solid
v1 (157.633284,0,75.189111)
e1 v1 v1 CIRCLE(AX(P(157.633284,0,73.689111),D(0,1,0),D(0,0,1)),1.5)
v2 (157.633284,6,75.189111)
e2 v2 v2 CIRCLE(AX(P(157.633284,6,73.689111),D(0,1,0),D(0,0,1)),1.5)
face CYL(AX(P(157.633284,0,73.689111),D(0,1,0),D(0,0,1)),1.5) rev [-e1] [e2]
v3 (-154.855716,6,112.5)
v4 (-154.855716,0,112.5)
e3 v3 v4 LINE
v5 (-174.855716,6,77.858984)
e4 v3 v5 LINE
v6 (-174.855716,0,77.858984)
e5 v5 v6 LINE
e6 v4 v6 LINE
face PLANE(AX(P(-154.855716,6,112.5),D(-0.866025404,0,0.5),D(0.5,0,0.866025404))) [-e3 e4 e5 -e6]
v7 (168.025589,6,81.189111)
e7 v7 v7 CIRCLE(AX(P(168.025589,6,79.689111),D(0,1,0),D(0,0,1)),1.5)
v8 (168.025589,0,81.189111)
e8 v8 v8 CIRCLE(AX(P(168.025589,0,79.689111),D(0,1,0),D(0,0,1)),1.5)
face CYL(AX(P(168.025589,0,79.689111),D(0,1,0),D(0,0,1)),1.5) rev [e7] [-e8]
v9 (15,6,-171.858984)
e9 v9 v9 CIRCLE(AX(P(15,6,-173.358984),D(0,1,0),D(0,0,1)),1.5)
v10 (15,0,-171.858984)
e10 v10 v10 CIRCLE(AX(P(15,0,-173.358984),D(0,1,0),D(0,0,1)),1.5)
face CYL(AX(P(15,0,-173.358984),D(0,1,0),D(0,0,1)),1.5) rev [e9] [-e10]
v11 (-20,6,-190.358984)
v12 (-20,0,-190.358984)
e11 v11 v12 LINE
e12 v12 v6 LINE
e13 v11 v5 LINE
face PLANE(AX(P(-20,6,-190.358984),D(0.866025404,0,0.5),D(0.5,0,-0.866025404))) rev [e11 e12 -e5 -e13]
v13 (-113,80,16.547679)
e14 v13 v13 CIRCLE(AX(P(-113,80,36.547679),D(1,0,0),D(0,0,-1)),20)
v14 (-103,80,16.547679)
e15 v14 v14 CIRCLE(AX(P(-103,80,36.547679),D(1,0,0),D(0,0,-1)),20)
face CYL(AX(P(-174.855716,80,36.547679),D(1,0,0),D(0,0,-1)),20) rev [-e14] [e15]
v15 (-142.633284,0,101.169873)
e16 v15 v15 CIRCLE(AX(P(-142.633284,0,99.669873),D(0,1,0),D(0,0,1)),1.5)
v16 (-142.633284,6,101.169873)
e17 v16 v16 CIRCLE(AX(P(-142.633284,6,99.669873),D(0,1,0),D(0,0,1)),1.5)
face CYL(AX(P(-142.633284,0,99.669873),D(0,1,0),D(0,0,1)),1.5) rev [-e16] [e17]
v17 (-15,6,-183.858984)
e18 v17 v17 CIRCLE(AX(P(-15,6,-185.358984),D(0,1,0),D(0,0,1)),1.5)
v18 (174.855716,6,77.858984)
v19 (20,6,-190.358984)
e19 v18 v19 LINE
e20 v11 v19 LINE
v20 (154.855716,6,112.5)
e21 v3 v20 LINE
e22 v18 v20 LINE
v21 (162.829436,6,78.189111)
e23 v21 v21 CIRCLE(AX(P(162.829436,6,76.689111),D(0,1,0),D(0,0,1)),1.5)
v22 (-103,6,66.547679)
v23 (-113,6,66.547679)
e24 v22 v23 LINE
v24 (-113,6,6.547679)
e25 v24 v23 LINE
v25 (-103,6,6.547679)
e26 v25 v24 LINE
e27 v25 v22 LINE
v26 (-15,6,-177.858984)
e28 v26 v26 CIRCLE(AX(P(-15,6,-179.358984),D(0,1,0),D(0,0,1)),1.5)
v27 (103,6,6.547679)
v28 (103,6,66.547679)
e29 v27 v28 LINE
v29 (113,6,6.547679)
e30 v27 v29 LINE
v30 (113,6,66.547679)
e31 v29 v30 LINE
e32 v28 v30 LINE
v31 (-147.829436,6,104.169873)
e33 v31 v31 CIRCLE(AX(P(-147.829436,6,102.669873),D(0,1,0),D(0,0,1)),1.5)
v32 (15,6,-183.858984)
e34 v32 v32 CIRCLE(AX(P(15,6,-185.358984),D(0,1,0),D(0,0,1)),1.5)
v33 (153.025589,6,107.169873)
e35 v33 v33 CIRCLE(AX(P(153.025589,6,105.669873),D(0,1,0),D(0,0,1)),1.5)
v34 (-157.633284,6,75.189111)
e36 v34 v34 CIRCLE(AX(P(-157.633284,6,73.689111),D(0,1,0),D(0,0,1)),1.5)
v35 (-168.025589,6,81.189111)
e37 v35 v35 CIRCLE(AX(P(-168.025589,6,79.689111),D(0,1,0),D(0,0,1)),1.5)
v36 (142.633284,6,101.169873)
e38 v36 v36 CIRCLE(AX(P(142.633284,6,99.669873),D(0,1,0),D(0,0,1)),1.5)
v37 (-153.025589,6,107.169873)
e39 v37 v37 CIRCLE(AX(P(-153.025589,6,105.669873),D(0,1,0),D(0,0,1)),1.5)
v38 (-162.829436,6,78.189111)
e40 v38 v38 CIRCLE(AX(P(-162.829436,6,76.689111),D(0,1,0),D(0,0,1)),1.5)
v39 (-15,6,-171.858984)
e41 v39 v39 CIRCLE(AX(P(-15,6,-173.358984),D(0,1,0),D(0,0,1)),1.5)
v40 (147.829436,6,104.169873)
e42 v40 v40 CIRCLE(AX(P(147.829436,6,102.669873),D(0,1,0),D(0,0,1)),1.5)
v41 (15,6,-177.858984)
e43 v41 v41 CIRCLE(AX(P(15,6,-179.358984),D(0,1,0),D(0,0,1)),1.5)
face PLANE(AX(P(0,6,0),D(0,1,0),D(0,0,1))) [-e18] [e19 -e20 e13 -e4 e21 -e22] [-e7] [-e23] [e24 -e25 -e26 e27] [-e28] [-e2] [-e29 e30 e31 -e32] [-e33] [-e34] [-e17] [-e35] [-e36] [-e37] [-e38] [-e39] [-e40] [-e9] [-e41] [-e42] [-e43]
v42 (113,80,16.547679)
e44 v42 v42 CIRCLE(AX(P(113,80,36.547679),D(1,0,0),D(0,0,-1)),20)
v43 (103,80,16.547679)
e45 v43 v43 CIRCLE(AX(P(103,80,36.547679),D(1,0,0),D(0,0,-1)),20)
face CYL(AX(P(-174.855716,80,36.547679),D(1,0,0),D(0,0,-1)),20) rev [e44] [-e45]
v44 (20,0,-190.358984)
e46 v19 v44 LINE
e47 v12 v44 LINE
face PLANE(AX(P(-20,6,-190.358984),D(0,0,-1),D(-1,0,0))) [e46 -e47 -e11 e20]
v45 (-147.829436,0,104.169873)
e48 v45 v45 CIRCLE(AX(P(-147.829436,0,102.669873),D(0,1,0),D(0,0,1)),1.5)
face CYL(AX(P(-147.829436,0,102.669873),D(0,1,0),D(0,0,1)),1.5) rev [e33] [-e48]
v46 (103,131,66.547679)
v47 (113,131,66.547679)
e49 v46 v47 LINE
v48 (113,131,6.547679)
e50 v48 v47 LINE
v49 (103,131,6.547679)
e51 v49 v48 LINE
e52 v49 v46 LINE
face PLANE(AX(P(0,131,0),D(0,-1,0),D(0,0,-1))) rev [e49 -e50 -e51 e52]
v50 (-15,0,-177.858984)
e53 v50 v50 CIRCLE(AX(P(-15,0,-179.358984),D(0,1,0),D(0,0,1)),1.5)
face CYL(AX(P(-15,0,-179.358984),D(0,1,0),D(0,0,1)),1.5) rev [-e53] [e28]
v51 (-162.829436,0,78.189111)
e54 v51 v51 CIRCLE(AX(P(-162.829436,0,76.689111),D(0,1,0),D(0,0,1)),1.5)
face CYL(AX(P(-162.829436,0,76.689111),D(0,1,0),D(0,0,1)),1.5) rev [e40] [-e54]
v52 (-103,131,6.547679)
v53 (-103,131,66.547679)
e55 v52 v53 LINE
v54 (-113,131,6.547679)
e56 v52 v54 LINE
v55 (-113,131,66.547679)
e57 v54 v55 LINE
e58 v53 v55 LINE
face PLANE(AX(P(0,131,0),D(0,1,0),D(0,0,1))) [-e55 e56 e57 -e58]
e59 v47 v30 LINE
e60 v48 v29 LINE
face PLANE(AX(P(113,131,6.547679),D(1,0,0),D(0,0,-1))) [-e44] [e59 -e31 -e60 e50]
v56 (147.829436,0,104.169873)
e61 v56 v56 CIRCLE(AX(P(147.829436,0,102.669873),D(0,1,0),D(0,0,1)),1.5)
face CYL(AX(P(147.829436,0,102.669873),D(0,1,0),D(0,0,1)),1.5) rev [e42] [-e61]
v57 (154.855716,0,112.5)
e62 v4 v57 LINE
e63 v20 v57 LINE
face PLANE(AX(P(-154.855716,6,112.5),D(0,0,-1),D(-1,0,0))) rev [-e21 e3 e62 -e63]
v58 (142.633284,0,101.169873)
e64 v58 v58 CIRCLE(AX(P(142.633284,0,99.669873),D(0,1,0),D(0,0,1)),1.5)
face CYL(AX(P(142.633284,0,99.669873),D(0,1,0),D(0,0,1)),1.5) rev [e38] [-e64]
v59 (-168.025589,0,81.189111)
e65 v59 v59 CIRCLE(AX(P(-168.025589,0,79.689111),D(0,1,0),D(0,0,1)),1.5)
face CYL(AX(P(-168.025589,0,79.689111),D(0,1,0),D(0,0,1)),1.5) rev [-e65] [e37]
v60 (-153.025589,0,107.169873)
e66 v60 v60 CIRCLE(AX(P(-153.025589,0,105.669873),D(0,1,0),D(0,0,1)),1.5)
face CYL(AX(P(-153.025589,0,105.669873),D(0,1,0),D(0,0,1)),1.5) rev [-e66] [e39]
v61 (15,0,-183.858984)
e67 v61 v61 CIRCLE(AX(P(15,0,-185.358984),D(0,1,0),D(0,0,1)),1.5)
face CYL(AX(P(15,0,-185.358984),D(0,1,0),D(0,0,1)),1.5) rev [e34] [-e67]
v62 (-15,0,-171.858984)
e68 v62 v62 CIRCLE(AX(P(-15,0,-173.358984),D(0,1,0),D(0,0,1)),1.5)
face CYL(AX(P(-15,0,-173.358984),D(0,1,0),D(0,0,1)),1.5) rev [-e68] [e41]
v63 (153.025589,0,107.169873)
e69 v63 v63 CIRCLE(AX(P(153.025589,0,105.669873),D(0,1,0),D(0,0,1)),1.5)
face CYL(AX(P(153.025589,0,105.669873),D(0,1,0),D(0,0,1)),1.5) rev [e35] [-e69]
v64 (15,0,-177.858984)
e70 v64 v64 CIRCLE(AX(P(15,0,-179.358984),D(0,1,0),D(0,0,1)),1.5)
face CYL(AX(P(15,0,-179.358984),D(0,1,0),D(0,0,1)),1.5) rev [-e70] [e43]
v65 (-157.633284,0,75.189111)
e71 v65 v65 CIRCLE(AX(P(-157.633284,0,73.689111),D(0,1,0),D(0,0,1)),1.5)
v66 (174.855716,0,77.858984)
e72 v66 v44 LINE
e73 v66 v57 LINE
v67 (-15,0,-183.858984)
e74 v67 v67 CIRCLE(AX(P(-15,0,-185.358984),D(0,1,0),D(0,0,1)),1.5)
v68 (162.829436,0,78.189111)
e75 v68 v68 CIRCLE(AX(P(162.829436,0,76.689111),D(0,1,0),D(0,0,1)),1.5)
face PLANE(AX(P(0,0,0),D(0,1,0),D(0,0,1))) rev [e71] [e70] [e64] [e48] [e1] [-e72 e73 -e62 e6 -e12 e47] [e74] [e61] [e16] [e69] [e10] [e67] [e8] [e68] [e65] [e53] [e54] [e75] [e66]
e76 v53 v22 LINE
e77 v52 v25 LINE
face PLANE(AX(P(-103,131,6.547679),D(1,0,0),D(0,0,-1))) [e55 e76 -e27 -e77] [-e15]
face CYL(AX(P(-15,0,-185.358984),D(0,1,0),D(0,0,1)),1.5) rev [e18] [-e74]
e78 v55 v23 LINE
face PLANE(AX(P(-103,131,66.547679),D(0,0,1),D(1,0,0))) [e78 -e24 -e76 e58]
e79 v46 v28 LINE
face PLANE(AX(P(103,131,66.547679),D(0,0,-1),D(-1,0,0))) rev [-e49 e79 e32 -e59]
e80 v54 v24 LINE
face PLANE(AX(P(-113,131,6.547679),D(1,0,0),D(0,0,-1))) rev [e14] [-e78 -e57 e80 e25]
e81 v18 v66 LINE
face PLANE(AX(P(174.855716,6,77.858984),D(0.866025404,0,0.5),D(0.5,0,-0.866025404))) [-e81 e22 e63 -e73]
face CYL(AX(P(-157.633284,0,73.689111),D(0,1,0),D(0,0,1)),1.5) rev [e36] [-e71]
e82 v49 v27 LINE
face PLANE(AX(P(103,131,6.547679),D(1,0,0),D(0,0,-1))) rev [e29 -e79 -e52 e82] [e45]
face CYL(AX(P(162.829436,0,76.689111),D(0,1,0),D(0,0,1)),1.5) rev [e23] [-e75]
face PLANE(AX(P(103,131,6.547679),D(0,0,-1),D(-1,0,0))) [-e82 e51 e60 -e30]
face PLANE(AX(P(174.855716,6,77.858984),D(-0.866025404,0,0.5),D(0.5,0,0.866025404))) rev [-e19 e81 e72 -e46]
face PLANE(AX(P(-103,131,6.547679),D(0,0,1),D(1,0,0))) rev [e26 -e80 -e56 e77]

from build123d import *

# Parameters (mm, degrees)
BOSS_EXTRUDE2_DEPTH = 6
SKETCH9_R           = 1.5
CUT_EXTRUDE1_DEPTH  = 7
SKETCH10_W          = 10
SKETCH10_H          = 60
BOSS_EXTRUDE3_DEPTH = 125
SKETCH11_R          = 20
CUT_EXTRUDE2_DEPTH  = 288.855715857


with BuildPart() as part:
    # Sketch8 → Boss-Extrude2 (new body)
    with BuildSketch(Plane(origin=(0, 0, 0), x_dir=(1, 0, 0), z_dir=(0, 1, 0))):
        Polygon((-20, 190.358983854), (20, 190.358983854), (174.855715857, -77.858983852), (154.855715857, -112.500000003), (-154.855715857, -112.500000003), (-174.855715857, -77.858983852), align=None)
    extrude(amount=BOSS_EXTRUDE2_DEPTH)

    # Sketch9 → Cut-Extrude1 (cut, through all)
    with BuildSketch(Plane(origin=(0, 6, 0), x_dir=(1, 0, 0), z_dir=(0, 1, 0))):
        with Locations((15, 185.358983854)):
            Circle(SKETCH9_R)
        with Locations((-15, 185.358983854)):
            Circle(SKETCH9_R)
        with Locations((-15, 179.358983854)):
            Circle(SKETCH9_R)
        with Locations((-15, 173.358983854)):
            Circle(SKETCH9_R)
        with Locations((15, 179.358983854)):
            Circle(SKETCH9_R)
        with Locations((15, 173.358983854)):
            Circle(SKETCH9_R)
        with Locations((153.025588838, -105.669872984)):
            Circle(SKETCH9_R)
        with Locations((168.025588838, -79.68911087)):
            Circle(SKETCH9_R)
        with Locations((162.829436415, -76.68911087)):
            Circle(SKETCH9_R)
        with Locations((157.633283992, -73.68911087)):
            Circle(SKETCH9_R)
        with Locations((147.829436415, -102.669872984)):
            Circle(SKETCH9_R)
        with Locations((142.633283992, -99.669872984)):
            Circle(SKETCH9_R)
        with Locations((-168.025588838, -79.68911087)):
            Circle(SKETCH9_R)
        with Locations((-153.025588838, -105.669872984)):
            Circle(SKETCH9_R)
        with Locations((-147.829436415, -102.669872984)):
            Circle(SKETCH9_R)
        with Locations((-142.633283992, -99.669872984)):
            Circle(SKETCH9_R)
        with Locations((-162.829436415, -76.68911087)):
            Circle(SKETCH9_R)
        with Locations((-157.633283992, -73.68911087)):
            Circle(SKETCH9_R)
    extrude(amount=-CUT_EXTRUDE1_DEPTH, mode=Mode.SUBTRACT)

    # Sketch10 → Boss-Extrude3 (add)
    with BuildSketch(Plane(origin=(0, 6, 0), x_dir=(1, 0, 0), z_dir=(0, 1, 0))):
        with Locations((-108, -36.54767864)):
            Rectangle(SKETCH10_W, SKETCH10_H)
        with Locations((108, -36.54767864)):
            Rectangle(SKETCH10_W, SKETCH10_H)
    extrude(amount=BOSS_EXTRUDE3_DEPTH)

    # Sketch11 → Cut-Extrude2 (cut, through all)
    with BuildSketch(Plane(origin=(113, 0, 0), x_dir=(0, 0, -1), z_dir=(1, 0, 0))):
        with Locations((-36.54767864, 80)):
            Circle(SKETCH11_R)
    extrude(amount=-CUT_EXTRUDE2_DEPTH, mode=Mode.SUBTRACT)


solid = part.part
